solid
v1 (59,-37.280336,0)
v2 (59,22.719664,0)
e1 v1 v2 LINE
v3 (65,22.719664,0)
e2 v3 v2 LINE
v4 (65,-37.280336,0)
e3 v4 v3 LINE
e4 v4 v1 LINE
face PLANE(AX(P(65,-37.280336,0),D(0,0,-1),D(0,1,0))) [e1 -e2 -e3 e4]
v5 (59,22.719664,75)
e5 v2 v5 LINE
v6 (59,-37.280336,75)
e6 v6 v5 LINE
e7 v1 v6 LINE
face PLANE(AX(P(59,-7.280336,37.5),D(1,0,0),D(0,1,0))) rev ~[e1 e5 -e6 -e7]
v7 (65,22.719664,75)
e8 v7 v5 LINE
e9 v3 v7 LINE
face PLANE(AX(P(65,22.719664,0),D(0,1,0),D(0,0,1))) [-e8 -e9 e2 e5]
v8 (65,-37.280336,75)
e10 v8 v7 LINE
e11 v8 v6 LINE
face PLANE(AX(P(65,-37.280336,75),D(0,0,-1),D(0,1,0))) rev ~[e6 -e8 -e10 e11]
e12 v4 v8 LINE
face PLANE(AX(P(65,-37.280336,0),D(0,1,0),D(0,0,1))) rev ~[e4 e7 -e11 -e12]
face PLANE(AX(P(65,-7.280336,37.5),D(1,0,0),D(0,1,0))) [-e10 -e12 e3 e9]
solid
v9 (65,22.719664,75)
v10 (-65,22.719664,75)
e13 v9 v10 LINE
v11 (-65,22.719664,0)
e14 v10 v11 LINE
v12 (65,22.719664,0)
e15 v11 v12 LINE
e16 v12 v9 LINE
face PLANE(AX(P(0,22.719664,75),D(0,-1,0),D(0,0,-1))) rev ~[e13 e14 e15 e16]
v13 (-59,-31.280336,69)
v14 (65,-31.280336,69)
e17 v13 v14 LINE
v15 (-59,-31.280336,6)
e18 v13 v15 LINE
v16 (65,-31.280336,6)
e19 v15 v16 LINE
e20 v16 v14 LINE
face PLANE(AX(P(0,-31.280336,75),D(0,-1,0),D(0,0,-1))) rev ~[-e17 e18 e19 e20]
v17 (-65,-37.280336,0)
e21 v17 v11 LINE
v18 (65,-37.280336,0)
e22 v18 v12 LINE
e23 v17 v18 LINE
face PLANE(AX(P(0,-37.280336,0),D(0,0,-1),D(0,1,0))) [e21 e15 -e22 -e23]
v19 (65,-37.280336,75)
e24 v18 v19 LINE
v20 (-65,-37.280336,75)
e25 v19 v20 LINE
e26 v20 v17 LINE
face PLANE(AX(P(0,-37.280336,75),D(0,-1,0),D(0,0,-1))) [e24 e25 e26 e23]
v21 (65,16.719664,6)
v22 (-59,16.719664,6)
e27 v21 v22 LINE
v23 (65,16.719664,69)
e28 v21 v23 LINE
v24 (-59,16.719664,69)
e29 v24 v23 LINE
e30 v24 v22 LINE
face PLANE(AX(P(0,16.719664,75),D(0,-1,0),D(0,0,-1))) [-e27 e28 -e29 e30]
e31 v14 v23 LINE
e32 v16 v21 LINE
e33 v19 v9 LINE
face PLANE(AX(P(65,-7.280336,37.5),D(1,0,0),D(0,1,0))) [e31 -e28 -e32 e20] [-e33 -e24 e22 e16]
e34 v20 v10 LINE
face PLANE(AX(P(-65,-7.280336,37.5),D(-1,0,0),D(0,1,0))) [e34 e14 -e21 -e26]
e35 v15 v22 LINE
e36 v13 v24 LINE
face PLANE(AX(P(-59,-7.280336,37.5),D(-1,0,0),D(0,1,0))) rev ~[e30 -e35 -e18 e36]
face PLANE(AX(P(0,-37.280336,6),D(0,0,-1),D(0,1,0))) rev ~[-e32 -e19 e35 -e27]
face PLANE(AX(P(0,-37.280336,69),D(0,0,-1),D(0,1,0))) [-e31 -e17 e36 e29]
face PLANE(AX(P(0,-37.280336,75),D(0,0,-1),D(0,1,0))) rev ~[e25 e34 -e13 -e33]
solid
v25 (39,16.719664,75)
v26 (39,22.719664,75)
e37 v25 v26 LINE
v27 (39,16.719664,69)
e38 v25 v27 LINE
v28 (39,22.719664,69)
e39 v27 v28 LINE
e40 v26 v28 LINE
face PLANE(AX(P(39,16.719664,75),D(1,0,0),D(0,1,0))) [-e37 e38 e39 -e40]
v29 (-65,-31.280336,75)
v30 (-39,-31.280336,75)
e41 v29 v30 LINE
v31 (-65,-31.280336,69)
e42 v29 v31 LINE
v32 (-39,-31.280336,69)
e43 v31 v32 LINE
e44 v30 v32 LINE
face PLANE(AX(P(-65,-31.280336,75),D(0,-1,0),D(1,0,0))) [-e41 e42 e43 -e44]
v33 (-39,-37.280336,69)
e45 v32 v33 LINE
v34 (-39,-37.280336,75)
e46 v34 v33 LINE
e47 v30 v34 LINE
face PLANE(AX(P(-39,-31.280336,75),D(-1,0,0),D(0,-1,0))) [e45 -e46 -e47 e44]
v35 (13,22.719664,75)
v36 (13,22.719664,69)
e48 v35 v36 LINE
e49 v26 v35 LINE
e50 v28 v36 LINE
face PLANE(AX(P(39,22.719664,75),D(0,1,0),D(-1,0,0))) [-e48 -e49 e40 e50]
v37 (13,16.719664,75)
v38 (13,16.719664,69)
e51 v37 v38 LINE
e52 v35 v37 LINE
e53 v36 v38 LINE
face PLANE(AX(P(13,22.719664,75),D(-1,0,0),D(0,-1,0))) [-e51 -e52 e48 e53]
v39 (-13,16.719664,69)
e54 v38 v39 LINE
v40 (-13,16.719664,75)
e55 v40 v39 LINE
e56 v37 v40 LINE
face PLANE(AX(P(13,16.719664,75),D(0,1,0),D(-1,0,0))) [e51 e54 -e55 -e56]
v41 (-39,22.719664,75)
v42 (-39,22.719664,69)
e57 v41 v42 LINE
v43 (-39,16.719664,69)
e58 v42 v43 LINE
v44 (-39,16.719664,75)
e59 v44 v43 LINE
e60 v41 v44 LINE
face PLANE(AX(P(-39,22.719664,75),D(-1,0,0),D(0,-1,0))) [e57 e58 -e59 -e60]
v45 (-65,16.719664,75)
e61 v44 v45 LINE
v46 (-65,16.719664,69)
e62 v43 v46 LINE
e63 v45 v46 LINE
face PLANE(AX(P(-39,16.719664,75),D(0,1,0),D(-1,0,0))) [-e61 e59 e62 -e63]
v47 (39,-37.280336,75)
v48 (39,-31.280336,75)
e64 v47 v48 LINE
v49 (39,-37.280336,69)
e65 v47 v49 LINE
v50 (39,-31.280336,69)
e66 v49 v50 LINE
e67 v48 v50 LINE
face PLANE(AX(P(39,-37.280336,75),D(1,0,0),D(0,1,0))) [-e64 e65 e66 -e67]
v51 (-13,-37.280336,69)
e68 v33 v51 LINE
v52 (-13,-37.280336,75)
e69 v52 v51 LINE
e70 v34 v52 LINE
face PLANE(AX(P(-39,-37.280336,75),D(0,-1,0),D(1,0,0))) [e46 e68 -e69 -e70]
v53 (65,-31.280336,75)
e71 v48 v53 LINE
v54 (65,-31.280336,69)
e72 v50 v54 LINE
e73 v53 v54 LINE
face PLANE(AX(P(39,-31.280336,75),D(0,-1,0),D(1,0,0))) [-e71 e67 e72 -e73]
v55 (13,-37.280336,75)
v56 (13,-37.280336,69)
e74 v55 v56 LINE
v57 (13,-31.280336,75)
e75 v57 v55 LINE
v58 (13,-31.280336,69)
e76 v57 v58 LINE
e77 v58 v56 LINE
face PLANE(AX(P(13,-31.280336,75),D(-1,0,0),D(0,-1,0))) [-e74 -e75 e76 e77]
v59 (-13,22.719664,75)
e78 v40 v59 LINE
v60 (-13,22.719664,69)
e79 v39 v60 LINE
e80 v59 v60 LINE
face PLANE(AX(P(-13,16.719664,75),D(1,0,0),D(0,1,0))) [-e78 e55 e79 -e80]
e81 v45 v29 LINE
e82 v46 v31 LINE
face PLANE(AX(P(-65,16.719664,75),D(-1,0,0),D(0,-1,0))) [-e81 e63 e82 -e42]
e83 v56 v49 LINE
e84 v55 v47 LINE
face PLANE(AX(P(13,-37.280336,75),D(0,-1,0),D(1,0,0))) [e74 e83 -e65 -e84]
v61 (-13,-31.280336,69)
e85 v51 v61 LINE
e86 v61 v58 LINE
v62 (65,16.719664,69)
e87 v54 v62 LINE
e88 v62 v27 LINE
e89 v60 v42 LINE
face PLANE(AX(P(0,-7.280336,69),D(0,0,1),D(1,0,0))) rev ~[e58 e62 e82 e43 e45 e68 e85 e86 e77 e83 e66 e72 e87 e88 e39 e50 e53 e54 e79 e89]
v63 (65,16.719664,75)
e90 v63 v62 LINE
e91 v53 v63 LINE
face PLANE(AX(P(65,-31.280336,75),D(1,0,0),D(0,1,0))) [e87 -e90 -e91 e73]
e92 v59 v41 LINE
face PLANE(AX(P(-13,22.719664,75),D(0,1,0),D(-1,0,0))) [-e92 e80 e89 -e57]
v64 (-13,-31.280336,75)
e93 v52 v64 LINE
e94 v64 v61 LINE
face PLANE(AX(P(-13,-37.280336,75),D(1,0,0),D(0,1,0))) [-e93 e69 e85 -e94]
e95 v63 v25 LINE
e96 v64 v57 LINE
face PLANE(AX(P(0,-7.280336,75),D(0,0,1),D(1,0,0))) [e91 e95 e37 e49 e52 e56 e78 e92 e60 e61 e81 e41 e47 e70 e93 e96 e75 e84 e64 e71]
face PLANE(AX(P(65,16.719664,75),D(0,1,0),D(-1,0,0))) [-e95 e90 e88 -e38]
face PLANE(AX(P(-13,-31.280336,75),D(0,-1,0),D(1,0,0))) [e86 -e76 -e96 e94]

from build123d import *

# Parameters (mm, degrees)
F0_W      = 60
F0_H      = 75
F1_DEPTH  = 65
F1_FACE_W = 60
F1_FACE_H = 75
F2_DEPTH  = 65
F3_T      = -6
F5_DEPTH  = 6
F6_W      = 60
F6_H      = 75
F7_DEPTH  = 6


with BuildPart() as f1:
    # F0 (on Right) → F1 (new body)
    with BuildSketch(Plane.YZ):
        with Locations((-7.280336, 37.5)):
            Rectangle(F0_W, F0_H)
    extrude(amount=F1_DEPTH)

    # F1_face (on face) → F2 (join)
    with BuildSketch(Plane(origin=(0, -7.280336, 37.5), x_dir=(0, 1, 0), z_dir=(-1, 0, 0))):
        Rectangle(F1_FACE_W, F1_FACE_H)
    extrude(amount=F2_DEPTH)

    # F3
    f3_openings = [f1.faces().sort_by_distance(p)[0] for p in [
        (65, -7.280336, 37.5),
    ]]
    offset(amount=F3_T, openings=f3_openings)


with BuildPart() as f5:
    # F4 (on face) → F5 (new body)
    with BuildSketch(Plane.XY.offset(75)):
        Polygon((-13, 22.719664), (-39, 22.719664), (-39, 16.719664), (-65, 16.719664), (-65, -31.280336), (-39, -31.280336), (-39, -37.280336), (-13, -37.280336), (-13, -31.280336), (13, -31.280336), (13, -37.280336), (39, -37.280336), (39, -31.280336), (65, -31.280336), (65, 16.719664), (39, 16.719664), (39, 22.719664), (13, 22.719664), (13, 16.719664), (-13, 16.719664), align=None)
    extrude(amount=-F5_DEPTH)


with BuildPart() as f7:
    # F6 (on face) → F7 (new body)
    with BuildSketch(Plane.YZ.offset(65)):
        with Locations((-7.280336, 37.5)):
            Rectangle(F6_W, F6_H)
    extrude(amount=-F7_DEPTH)


solid = Compound([f1.part, f5.part, f7.part])
